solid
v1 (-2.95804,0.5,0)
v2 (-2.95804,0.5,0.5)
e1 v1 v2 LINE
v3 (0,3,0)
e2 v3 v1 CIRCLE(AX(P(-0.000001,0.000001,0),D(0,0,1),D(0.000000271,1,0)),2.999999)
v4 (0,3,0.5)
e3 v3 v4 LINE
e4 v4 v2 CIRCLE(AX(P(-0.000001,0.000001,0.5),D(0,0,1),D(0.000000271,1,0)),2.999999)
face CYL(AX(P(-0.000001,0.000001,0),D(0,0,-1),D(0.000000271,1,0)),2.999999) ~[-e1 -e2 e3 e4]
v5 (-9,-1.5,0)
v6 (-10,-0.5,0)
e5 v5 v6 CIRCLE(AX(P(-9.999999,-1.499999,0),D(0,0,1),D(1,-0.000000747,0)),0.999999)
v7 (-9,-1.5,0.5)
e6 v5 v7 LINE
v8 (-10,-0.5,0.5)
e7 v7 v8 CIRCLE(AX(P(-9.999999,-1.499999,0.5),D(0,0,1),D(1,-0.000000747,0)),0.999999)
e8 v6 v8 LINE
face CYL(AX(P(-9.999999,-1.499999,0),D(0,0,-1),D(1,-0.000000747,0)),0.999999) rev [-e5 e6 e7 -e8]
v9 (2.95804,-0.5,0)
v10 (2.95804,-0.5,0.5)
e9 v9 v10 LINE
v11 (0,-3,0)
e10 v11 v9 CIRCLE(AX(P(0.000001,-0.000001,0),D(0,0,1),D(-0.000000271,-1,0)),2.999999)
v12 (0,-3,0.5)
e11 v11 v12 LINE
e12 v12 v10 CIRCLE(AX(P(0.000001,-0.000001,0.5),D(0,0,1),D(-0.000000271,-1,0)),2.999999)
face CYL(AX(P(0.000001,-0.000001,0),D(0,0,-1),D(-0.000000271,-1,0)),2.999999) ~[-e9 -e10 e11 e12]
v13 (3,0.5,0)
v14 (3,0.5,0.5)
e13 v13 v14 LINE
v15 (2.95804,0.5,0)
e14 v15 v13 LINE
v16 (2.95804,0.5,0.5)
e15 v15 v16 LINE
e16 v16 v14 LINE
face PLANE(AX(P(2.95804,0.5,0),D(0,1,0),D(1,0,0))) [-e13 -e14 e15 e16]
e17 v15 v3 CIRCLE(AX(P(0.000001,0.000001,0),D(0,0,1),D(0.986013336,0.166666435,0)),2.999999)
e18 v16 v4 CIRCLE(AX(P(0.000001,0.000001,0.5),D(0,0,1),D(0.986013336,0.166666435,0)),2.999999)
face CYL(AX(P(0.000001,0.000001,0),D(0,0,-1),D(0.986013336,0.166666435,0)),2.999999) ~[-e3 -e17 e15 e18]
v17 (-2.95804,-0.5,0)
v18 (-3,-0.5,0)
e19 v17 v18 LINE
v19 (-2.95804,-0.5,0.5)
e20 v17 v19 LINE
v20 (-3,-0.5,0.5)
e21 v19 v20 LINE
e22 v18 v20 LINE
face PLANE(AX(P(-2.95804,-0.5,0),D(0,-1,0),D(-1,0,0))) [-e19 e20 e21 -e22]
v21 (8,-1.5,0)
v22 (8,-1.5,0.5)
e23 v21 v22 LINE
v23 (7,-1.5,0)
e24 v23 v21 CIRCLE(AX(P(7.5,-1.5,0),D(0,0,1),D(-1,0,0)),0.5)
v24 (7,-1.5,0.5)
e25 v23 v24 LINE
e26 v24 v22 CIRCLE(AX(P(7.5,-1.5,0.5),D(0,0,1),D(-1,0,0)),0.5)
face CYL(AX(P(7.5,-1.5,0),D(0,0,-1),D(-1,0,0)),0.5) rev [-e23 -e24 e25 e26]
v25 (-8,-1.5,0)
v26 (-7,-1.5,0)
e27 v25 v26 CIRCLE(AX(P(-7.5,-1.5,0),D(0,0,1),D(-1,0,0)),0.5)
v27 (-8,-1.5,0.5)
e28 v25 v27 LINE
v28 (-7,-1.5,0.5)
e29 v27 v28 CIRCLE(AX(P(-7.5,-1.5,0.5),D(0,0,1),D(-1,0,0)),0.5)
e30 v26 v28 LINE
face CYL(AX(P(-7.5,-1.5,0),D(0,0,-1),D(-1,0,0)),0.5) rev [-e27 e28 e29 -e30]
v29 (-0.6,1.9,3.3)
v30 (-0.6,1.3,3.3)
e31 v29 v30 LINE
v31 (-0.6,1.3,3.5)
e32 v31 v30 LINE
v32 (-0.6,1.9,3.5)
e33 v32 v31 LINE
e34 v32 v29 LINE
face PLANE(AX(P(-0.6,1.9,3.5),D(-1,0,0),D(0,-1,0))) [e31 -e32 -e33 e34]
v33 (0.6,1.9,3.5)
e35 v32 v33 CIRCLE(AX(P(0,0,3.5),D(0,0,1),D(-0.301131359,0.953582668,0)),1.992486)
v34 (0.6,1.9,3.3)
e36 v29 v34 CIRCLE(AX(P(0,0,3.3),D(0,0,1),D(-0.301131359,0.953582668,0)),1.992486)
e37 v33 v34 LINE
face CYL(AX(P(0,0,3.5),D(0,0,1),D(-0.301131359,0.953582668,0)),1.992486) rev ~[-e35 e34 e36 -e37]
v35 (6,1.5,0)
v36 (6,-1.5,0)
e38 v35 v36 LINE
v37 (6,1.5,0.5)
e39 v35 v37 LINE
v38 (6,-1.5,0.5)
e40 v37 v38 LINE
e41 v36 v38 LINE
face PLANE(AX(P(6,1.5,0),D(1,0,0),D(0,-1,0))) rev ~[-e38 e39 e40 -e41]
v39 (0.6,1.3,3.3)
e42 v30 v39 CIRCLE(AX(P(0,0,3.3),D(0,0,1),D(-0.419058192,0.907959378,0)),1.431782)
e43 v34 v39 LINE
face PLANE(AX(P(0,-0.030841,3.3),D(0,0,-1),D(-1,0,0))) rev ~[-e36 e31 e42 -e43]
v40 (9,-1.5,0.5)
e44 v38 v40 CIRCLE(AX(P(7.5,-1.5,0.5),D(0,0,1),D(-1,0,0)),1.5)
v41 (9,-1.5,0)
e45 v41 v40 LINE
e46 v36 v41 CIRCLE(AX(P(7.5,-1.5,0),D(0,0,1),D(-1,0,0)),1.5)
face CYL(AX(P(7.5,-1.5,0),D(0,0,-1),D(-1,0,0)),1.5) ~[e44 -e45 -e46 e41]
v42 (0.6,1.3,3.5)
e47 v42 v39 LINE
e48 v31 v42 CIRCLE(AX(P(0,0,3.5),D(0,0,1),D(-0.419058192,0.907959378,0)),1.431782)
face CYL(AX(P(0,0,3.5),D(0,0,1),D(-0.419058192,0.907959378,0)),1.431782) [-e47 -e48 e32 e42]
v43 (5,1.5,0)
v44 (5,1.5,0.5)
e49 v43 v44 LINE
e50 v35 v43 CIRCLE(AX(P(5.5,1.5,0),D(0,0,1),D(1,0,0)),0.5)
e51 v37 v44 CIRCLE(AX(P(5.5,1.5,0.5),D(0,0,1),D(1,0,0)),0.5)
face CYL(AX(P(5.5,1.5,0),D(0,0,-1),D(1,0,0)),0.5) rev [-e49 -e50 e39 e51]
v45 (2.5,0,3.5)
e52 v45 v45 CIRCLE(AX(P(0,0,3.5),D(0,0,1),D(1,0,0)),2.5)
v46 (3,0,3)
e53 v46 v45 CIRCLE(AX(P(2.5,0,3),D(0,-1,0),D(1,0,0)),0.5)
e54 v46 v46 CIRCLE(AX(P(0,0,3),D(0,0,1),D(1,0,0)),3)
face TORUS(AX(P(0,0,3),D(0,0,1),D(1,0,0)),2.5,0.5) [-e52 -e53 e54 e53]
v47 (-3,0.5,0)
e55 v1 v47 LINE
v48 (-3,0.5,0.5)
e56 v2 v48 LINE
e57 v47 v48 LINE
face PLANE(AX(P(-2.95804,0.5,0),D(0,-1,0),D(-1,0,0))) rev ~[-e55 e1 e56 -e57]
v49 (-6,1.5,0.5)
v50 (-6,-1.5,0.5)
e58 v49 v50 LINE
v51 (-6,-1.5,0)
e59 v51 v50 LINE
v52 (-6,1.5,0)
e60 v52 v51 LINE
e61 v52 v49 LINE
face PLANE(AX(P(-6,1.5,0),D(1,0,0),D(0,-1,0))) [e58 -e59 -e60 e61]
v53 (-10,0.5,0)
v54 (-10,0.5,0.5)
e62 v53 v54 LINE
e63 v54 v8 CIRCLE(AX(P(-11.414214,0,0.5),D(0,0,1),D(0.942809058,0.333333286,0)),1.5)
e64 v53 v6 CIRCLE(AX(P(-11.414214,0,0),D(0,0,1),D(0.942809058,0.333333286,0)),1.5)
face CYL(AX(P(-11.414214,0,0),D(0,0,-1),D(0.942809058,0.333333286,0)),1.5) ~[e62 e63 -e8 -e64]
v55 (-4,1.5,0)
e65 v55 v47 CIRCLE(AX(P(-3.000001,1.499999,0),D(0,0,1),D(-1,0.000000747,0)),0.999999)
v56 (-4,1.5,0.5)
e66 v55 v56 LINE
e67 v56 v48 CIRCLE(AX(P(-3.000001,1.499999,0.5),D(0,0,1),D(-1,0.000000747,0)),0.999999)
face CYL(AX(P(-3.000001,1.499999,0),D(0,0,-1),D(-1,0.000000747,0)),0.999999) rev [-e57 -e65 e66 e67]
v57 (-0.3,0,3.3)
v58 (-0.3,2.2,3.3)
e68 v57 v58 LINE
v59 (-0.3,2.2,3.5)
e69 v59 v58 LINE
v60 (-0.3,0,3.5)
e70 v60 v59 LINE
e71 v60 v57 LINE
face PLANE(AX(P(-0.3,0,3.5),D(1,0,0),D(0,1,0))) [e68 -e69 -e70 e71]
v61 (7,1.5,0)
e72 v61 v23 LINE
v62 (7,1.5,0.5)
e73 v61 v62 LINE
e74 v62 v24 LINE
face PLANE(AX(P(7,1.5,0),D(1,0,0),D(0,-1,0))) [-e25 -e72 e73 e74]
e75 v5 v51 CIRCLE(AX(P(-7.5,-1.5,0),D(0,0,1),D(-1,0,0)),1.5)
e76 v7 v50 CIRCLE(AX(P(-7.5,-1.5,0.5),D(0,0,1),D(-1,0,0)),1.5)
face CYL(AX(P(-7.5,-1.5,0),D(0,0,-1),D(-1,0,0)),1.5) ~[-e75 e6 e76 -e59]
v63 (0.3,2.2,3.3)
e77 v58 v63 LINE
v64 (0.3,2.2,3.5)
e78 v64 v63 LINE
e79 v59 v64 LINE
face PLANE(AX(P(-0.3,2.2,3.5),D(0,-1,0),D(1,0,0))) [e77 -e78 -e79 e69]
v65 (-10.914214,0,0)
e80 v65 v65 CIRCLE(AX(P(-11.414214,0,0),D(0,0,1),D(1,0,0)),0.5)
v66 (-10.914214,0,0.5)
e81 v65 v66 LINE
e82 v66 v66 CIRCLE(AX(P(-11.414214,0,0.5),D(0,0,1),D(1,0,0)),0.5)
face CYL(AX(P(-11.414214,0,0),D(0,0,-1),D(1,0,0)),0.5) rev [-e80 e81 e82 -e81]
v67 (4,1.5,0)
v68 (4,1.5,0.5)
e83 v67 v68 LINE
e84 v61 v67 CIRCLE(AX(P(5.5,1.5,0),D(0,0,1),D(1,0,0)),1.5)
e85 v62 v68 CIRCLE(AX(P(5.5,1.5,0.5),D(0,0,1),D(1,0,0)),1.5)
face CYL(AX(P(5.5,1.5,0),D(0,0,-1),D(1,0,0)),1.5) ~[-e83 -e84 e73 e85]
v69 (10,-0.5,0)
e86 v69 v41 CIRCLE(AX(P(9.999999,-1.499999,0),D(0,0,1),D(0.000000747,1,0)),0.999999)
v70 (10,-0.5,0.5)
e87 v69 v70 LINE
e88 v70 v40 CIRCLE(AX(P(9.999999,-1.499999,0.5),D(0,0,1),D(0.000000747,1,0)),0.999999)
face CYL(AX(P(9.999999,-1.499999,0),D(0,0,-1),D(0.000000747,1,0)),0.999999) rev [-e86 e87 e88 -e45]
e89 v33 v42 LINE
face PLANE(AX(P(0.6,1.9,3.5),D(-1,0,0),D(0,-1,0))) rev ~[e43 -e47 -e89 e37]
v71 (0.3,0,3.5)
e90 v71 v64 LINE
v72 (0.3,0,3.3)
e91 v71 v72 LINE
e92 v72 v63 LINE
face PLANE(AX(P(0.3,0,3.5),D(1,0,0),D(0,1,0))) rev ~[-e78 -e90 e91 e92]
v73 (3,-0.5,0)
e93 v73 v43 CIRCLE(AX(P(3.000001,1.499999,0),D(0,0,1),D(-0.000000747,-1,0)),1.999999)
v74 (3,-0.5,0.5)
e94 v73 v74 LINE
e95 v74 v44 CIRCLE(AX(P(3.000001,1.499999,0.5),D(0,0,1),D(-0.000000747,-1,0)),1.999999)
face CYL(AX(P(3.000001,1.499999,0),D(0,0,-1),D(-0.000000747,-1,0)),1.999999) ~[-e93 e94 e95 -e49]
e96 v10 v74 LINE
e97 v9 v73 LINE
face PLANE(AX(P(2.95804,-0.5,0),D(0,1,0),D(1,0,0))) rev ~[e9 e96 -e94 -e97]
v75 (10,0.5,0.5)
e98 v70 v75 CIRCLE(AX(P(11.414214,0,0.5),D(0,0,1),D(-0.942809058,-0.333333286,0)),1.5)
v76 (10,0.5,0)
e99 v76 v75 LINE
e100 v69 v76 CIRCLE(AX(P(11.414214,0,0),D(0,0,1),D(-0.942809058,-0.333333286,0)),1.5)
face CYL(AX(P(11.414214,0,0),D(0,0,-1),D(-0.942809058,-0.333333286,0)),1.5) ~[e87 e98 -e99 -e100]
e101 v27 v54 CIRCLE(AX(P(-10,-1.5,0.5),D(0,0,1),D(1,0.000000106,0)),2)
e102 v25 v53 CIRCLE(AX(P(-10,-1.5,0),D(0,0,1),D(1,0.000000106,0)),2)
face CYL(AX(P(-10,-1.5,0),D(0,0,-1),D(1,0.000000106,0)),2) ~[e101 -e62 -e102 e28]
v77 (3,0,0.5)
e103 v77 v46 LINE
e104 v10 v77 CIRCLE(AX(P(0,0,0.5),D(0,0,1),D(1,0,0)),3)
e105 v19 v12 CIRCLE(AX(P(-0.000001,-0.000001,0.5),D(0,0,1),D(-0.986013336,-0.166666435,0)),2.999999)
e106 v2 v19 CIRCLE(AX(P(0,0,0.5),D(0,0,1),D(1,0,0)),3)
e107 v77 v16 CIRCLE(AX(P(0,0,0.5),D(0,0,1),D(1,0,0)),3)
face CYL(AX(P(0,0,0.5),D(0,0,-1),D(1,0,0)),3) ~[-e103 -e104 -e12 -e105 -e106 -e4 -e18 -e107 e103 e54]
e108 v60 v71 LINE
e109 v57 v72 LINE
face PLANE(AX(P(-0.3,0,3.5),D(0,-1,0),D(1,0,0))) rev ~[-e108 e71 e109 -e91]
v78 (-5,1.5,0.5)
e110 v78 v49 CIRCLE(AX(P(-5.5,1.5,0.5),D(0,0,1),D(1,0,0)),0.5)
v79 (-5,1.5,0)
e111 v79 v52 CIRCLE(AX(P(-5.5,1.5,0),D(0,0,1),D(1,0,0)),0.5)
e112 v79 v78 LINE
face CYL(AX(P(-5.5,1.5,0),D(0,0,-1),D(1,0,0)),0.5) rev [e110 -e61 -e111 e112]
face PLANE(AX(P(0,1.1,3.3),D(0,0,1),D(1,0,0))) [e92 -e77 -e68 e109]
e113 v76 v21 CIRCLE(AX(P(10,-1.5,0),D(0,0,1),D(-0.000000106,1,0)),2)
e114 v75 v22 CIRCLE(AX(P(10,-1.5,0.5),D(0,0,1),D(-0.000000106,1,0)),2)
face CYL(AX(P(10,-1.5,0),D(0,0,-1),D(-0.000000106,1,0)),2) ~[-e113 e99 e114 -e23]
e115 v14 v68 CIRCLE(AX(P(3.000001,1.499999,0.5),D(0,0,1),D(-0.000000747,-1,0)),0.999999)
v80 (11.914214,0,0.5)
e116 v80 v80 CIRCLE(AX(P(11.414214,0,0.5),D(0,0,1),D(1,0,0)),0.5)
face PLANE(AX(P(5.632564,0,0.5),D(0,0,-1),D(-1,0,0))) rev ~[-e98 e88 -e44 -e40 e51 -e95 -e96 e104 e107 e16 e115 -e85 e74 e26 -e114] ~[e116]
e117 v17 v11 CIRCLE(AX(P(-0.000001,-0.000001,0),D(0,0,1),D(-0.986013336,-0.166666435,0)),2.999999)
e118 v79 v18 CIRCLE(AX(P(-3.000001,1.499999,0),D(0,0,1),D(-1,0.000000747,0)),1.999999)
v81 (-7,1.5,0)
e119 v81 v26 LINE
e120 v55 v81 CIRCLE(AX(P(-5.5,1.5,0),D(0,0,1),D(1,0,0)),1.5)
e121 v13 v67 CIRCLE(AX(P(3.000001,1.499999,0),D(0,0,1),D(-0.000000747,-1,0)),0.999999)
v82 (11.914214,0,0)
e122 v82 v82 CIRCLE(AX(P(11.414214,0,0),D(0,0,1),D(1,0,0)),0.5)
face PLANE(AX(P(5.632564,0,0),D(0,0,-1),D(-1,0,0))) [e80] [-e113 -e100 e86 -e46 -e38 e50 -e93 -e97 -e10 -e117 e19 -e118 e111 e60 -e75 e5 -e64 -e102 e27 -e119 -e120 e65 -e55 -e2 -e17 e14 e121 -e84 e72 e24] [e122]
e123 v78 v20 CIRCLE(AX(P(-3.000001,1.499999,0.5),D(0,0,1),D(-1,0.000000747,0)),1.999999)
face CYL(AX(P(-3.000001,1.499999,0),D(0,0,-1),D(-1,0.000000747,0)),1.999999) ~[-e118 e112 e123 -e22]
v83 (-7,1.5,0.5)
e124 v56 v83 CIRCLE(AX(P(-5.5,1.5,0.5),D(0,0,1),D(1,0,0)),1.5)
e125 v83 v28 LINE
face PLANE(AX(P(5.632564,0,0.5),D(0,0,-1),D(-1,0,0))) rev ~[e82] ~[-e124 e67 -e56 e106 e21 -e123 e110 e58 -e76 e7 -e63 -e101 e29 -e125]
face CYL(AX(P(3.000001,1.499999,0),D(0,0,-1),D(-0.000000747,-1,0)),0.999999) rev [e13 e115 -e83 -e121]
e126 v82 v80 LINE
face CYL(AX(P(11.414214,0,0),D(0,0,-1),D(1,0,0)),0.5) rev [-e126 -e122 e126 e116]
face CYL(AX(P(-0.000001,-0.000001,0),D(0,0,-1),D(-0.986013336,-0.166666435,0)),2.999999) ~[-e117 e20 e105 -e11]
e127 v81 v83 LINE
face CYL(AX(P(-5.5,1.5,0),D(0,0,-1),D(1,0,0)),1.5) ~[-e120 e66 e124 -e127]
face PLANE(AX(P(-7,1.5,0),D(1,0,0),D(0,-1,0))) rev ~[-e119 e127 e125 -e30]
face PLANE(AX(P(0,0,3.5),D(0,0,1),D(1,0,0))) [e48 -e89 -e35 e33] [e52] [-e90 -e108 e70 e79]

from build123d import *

# Parameters (mm, degrees)
MIRROREDSKETCH_R = 0.5
PAD_DEPTH        = 0.5
SKETCH_R         = 0.5
PAD001_DEPTH     = 0.5
SKETCH001_R      = 3
PAD002_DEPTH     = 3
FILLET_R         = 0.5
SKETCH002_W      = 0.6
SKETCH002_H      = 2.2
POCKET_DEPTH     = 0.2


with BuildPart() as part:
    # MirroredSketch → Pad (new body)
    with BuildSketch(Plane.XY):
        with BuildLine():
            Line((-2.95804, 0.5), (-3, 0.5))
            ThreePointArc((-4, 1.5), (-3.707107, 0.792893), (-3, 0.5))
            ThreePointArc((-4, 1.5), (-5.5, 3), (-7, 1.5))
            Line((-7, 1.5), (-7, -1.5))
            ThreePointArc((-8, -1.5), (-7.5, -2), (-7, -1.5))
            ThreePointArc((-8, -1.5), (-8.585787, -0.085786), (-10, 0.5))
            ThreePointArc((-10, 0.5), (-12.914214, 0), (-10, -0.5))
            ThreePointArc((-9, -1.5), (-9.292893, -0.792893), (-10, -0.5))
            ThreePointArc((-9, -1.5), (-7.5, -3), (-6, -1.5))
            Line((-6, 1.5), (-6, -1.5))
            ThreePointArc((-5, 1.5), (-5.5, 2), (-6, 1.5))
            ThreePointArc((-5, 1.5), (-4.414214, 0.085786), (-3, -0.5))
            Line((-2.95804, -0.5), (-3, -0.5))
            ThreePointArc((-2.95804, -0.5), (-1.936492, -2.291288), (0, -3))
            Line((0, -3), (0, 3))
            ThreePointArc((0, 3), (-1.936492, 2.291288), (-2.95804, 0.5))
        make_face()
        with Locations((-11.414214, 0)):
            Circle(MIRROREDSKETCH_R, mode=Mode.SUBTRACT)
    extrude(amount=PAD_DEPTH)

    # Sketch → Pad001 (join)
    with BuildSketch(Plane.XY):
        with BuildLine():
            Line((2.95804, 0.5), (3, 0.5))
            ThreePointArc((3, 0.5), (3.707107, 0.792893), (4, 1.5))
            ThreePointArc((7, 1.5), (5.5, 3), (4, 1.5))
            Line((7, 1.5), (7, -1.5))
            ThreePointArc((7, -1.5), (7.5, -2), (8, -1.5))
            ThreePointArc((10, 0.5), (8.585787, -0.085786), (8, -1.5))
            ThreePointArc((10, -0.5), (12.914214, 0), (10, 0.5))
            ThreePointArc((10, -0.5), (9.292893, -0.792893), (9, -1.5))
            ThreePointArc((6, -1.5), (7.5, -3), (9, -1.5))
            Line((6, 1.5), (6, -1.5))
            ThreePointArc((6, 1.5), (5.5, 2), (5, 1.5))
            ThreePointArc((3, -0.5), (4.414214, 0.085786), (5, 1.5))
            Line((2.95804, -0.5), (3, -0.5))
            ThreePointArc((0, -3), (1.936492, -2.291288), (2.95804, -0.5))
            Line((0, -3), (0, 3))
            ThreePointArc((2.95804, 0.5), (1.936492, 2.291288), (0, 3))
        make_face()
        with Locations((11.414214, 0)):
            Circle(SKETCH_R, mode=Mode.SUBTRACT)
    extrude(amount=PAD001_DEPTH)

    # Sketch001 (on Face5 of Pad001) → Pad002 (join)
    with BuildSketch(Plane.XY.offset(0.5)):
        Circle(SKETCH001_R)
    extrude(amount=PAD002_DEPTH)

    # Fillet
    fillet_edges = [part.edges().sort_by_distance(p)[0] for p in [
        (-3, 0, 3.5),
    ]]
    fillet(fillet_edges, radius=FILLET_R)

    # Sketch002 (on Face9 of Fillet) → Pocket (cut)
    with BuildSketch(Plane.XY.offset(3.5)):
        with BuildLine():
            ThreePointArc((-0.6, 1.3), (0, -1.431782), (0.6, 1.3))
            Line((0.6, 1.9), (0.6, 1.3))
            ThreePointArc((-0.6, 1.9), (0, -1.992486), (0.6, 1.9))
            Line((-0.6, 1.9), (-0.6, 1.3))
        make_face()
        with Locations((0, 1.1)):
            Rectangle(SKETCH002_W, SKETCH002_H)
    extrude(amount=-POCKET_DEPTH, mode=Mode.SUBTRACT)


solid = part.part
